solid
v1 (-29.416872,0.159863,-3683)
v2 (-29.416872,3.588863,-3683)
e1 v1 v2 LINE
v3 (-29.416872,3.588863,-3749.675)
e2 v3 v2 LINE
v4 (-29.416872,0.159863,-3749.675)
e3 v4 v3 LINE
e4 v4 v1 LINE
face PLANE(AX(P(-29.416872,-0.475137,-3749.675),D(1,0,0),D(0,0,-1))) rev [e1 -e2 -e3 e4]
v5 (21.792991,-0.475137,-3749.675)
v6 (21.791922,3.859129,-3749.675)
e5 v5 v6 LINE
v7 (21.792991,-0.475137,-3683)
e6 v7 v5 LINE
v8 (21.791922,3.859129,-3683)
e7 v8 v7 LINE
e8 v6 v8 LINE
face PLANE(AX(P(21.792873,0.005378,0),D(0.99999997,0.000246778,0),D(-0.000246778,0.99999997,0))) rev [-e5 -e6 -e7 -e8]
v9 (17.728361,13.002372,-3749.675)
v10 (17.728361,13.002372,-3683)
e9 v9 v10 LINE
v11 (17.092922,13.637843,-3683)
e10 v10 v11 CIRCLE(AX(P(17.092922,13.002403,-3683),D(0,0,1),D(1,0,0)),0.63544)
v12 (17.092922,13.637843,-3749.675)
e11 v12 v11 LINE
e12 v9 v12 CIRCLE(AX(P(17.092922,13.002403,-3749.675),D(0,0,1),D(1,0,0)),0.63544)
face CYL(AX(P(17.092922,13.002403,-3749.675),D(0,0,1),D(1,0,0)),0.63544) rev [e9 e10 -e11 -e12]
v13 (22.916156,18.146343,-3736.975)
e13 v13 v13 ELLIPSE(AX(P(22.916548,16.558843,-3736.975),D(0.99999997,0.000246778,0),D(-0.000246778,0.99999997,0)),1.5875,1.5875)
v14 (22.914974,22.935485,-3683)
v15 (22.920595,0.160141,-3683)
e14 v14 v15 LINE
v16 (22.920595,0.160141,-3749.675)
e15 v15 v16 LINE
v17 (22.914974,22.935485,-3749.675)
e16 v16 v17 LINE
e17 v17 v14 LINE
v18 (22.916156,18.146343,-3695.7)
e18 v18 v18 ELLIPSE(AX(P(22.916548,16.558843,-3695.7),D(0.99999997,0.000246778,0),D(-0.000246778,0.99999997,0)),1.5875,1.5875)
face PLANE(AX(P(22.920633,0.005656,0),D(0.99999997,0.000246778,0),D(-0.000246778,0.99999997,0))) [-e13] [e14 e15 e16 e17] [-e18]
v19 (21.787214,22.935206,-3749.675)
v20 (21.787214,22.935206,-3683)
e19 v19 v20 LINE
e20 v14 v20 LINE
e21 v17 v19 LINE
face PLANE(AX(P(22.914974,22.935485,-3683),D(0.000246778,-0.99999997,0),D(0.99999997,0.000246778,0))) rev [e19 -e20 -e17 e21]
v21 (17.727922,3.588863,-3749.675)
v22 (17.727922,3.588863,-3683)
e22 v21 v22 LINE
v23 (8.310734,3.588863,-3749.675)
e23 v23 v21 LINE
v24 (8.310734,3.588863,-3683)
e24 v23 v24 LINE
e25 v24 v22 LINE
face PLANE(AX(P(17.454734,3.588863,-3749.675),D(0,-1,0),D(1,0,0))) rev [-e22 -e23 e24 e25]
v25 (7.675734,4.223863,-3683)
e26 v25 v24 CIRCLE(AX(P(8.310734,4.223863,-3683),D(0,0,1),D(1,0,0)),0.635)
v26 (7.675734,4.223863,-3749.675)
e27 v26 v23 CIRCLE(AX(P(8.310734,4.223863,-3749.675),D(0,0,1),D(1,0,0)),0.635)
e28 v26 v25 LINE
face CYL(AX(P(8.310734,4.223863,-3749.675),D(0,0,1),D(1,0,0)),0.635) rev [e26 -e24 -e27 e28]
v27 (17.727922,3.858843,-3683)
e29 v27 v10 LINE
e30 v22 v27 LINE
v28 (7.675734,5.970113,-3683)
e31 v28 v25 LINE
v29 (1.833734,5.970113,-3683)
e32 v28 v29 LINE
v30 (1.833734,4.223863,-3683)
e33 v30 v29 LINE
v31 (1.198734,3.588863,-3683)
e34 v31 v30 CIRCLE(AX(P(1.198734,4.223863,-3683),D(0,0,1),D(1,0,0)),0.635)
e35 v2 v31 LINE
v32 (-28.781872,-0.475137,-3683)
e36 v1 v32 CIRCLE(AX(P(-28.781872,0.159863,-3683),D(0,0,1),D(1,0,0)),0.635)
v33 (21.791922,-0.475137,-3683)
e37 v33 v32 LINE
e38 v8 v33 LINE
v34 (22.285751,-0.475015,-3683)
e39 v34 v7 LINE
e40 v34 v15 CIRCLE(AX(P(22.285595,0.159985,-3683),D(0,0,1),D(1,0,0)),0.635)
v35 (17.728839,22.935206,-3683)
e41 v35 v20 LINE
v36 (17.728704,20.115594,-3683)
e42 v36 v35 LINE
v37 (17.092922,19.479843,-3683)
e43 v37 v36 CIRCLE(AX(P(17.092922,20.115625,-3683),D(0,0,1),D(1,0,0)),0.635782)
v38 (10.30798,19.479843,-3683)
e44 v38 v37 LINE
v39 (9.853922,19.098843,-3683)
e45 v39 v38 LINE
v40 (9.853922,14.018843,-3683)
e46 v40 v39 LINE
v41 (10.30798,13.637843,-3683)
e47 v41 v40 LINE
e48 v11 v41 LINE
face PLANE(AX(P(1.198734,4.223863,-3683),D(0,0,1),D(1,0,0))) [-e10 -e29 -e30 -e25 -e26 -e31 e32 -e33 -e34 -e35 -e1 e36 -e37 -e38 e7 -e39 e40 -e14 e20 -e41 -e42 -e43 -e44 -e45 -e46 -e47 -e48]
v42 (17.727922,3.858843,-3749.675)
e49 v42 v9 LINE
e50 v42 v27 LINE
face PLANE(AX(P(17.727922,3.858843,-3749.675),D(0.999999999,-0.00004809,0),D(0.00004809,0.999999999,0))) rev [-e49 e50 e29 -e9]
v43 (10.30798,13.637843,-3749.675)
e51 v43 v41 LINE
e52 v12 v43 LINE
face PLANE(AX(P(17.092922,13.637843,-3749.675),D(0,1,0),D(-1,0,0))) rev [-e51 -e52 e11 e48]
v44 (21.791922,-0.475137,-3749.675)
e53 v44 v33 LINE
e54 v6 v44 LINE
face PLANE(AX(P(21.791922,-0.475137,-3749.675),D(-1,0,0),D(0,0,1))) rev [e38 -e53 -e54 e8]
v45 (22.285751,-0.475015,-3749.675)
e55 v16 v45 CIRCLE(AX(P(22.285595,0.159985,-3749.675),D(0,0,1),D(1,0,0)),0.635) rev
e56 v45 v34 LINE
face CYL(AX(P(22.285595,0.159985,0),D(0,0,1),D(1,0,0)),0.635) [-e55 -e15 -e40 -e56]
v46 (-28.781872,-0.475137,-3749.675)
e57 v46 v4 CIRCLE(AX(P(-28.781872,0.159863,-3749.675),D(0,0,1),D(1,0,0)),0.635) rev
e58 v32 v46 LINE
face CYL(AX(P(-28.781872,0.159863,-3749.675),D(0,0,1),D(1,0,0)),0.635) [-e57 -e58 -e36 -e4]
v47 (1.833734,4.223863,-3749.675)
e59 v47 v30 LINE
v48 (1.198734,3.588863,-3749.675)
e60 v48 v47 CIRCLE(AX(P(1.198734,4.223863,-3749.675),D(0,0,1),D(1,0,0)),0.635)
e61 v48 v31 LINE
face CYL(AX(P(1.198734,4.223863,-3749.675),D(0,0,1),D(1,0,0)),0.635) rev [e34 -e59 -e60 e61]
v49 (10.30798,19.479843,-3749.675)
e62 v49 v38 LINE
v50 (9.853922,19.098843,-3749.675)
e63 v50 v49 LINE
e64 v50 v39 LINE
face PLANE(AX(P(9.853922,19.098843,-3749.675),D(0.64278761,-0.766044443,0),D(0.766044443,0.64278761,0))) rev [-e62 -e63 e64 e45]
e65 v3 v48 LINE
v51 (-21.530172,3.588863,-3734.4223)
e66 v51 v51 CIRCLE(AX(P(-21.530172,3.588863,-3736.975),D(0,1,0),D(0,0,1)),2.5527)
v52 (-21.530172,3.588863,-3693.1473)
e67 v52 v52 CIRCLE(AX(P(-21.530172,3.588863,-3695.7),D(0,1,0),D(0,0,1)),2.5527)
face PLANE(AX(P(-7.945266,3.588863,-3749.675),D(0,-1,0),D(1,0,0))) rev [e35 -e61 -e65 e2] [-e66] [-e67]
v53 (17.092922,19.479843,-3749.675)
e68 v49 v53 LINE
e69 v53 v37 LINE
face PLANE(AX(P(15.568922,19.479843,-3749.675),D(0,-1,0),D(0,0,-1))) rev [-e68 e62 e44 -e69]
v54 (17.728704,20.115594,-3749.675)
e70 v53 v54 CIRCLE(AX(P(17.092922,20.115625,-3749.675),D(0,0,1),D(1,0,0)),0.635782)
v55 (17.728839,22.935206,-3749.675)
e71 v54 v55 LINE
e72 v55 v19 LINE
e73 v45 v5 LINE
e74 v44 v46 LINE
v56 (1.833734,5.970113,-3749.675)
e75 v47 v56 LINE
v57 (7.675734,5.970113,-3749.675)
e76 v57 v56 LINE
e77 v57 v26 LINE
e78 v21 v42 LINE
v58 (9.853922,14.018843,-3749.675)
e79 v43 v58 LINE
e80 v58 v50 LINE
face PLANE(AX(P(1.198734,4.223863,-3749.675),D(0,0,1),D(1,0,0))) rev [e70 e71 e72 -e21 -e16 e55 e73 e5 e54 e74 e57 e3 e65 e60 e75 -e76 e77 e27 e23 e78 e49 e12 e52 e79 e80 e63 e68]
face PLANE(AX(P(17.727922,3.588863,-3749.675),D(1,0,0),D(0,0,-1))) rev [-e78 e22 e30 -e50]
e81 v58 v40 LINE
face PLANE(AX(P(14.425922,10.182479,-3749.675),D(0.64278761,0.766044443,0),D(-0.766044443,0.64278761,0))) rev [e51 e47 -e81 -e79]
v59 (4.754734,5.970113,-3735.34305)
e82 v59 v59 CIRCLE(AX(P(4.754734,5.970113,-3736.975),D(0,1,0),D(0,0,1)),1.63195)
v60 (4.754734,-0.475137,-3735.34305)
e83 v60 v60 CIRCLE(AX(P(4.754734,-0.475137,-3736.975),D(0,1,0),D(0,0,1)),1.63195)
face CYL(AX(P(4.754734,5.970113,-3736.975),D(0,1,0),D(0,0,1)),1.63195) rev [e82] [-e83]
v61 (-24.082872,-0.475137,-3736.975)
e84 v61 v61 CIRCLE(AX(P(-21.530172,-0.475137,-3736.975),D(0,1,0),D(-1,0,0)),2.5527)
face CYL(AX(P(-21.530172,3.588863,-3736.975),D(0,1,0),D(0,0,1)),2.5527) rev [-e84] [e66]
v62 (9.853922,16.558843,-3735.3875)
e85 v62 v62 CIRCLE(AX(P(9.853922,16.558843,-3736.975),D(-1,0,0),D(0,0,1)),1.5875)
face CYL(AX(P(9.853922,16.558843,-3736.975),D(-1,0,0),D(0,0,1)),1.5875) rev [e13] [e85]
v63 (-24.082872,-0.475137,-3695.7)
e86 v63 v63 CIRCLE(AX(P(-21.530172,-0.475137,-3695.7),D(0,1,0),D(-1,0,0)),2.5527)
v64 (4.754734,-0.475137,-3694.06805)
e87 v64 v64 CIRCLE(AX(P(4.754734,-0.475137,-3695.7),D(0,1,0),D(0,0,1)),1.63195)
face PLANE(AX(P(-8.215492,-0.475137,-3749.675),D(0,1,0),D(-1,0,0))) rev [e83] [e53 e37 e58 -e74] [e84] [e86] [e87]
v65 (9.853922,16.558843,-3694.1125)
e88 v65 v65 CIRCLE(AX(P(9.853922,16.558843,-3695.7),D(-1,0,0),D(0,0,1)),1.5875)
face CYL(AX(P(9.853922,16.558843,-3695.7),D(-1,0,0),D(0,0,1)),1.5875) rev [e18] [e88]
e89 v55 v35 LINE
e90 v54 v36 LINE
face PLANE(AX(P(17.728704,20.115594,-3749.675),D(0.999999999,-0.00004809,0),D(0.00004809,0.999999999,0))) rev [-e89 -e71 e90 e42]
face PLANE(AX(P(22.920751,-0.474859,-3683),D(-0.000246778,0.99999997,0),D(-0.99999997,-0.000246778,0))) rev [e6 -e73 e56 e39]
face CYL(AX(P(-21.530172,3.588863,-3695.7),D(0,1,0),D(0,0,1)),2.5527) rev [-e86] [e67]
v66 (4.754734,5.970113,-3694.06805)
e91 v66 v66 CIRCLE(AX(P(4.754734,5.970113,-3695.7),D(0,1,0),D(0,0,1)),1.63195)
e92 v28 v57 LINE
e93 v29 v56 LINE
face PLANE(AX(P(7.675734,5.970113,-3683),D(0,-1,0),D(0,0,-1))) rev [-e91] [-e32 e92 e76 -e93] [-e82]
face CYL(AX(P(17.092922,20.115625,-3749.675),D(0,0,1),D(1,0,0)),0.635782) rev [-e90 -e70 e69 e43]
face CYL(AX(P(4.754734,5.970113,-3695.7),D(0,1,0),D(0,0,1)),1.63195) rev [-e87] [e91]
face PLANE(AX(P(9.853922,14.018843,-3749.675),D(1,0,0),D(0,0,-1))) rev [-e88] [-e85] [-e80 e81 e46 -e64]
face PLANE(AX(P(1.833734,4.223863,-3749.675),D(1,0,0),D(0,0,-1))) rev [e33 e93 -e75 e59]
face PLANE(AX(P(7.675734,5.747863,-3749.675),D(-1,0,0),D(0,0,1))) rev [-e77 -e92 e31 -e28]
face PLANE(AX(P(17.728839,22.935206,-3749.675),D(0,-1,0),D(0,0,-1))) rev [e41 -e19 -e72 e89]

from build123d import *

# Parameters (mm, degrees)
BOSS_EXTRUDE1_DEPTH        = 66.675
CUT_EXTRUDE1_REACH         = 75.8
CUT_EXTRUDE2_REACH         = 75.8
SKETCH6_W                  = 66.675
SKETCH6_H                  = 4.064
BOSS_EXTRUDE2_DEPTH        = 22.21738
F_10_CLEARANCE_HOLE1_D     = 5.1054
SKETCH12_W                 = 5.842
SKETCH12_H                 = 5.49275
CUT_EXTRUDE4_DEPTH         = 77.796738301
F_4_CLEARANCE_HOLE1_D      = 3.2639
SKETCH19_W                 = 66.675
SKETCH19_H                 = 23.410344024
BOSS_EXTRUDE7_DEPTH        = 1.12776
F_1_8_0_1250_DOWEL_HOLE1_D = 3.175
SKETCH20_W                 = 1.016
SKETCH20_H                 = 4.064
CUT_EXTRUDE5_DEPTH         = 77.796821417
FILLET1_R                  = 0.635


with BuildPart() as part:
    # Sketch1 → Boss-Extrude1 (new body)
    with BuildSketch(Plane(origin=(0, 0, -3683), x_dir=(-1, 0, 0), z_dir=(0, 0, -1))):
        with BuildLine():
            Line((7.945265893, 3.588862728), (-1.198734107, 3.588862728))
            ThreePointArc((-1.198734107, 3.588862728), (-1.647746913, 3.774849922), (-1.833734107, 4.223862728))
            Line((-1.833734107, 4.223862728), (-1.833734107, 5.747862728))
            ThreePointArc((-1.833734107, 5.747862728), (-1.647746913, 6.196875535), (-1.198734107, 6.382862728))
            Line((-1.198734107, 6.382862728), (1.621629442, 6.382862728))
            Line((1.621629442, 6.382862728), (1.621629442, 6.890862686))
            Line((1.621629442, 6.890862686), (-2.214734107, 11.462862728))
            Line((-2.214734107, 11.462862728), (-7.294734107, 11.462862728))
            Line((-7.294734107, 11.462862728), (-11.131097656, 6.890862686))
            Line((-11.131097656, 6.890862686), (-11.131097656, 6.382862728))
            Line((-11.131097656, 6.382862728), (-8.310734107, 6.382862728))
            ThreePointArc((-8.310734107, 6.382862728), (-7.861721301, 6.196875535), (-7.675734107, 5.747862728))
            Line((-7.675734107, 5.747862728), (-7.675734107, 4.223862728))
            ThreePointArc((-7.675734107, 4.223862728), (-7.861721301, 3.774849922), (-8.310734107, 3.588862728))
            Line((-8.310734107, 3.588862728), (-17.454734107, 3.588862728))
            Line((-17.454734107, 3.588862728), (-17.727921752, 3.588862728))
            Line((-17.727921752, 3.588862728), (-17.727921752, 3.858842754))
            Line((-17.727921752, 3.858842754), (-17.728361466, 13.002372481))
            ThreePointArc((-17.728361466, 13.002372481), (-17.542256287, 13.451715967), (-17.092921752, 13.637842754))
            Line((-17.092921752, 13.637842754), (-15.568921752, 13.637842754))
            ThreePointArc((-15.568921752, 13.637842754), (-15.119908946, 13.45185556), (-14.933921752, 13.002842754))
            Line((-14.933921752, 13.002842754), (-14.933921752, 10.182479205))
            Line((-14.933921752, 10.182479205), (-14.425921794, 10.182479205))
            Line((-14.425921794, 10.182479205), (-9.853921752, 14.018842754))
            Line((-9.853921752, 14.018842754), (-9.853921752, 19.098842754))
            Line((-9.853921752, 19.098842754), (-14.425921794, 22.935206303))
            Line((-14.425921794, 22.935206303), (-14.933921752, 22.935206303))
            Line((-14.933921752, 22.935206303), (-14.933921752, 20.114842754))
            ThreePointArc((-14.933921752, 20.114842754), (-15.119908946, 19.665829948), (-15.568921752, 19.479842754))
            Line((-15.568921752, 19.479842754), (-17.092921752, 19.479842754))
            ThreePointArc((-17.092921752, 19.479842754), (-17.542476558, 19.66604812), (-17.728703542, 20.11559397))
            Line((-17.728703542, 20.11559397), (-17.728839138, 22.935206303))
            Line((-17.728839138, 22.935206303), (-21.787214199, 22.935206303))
            Line((-21.787214199, 22.935206303), (-21.791921752, 3.859128788))
            Line((-21.791921752, 3.859128788), (-21.791921752, 3.588862728))
            Line((-21.791921752, 3.588862728), (-21.791921752, -0.475137272))
            Line((-21.791921752, -0.475137272), (-17.727921752, -0.475137272))
            Line((-17.727921752, -0.475137272), (-17.454774021, -0.475137272))
            Line((-17.454774021, -0.475137272), (7.945225979, -0.475137272))
            Line((7.945225979, -0.475137272), (8.215492039, -0.475137272))
            Line((8.215492039, -0.475137272), (8.215492039, 3.588862728))
            Line((8.215492039, 3.588862728), (7.945265893, 3.588862728))
        make_face()
    extrude(amount=BOSS_EXTRUDE1_DEPTH)

    # Sketch2 → Cut-Extrude1 (cut, up to next)
    with BuildSketch(Plane.XY.offset(-3683), mode=Mode.PRIVATE) as cut_extrude1_sk1:
        with BuildLine():
            Line((11.131097656, 6.890862686), (11.131097656, 6.382862728))
            Line((11.131097656, 6.382862728), (8.310734107, 6.382862728))
            ThreePointArc((8.310734107, 6.382862728), (7.861721301, 6.196875535), (7.675734107, 5.747862728))
            Line((7.675734107, 5.747862728), (7.675734107, 11.00880461))
            Line((7.675734107, 11.00880461), (11.131097656, 6.890862686))
        make_face()
    cut_extrude1_tool1 = extrude(cut_extrude1_sk1.sketch, amount=-CUT_EXTRUDE1_REACH, mode=Mode.PRIVATE) & part.part
    # Sketch2 → Cut-Extrude1 (cut, up to next)
    with BuildSketch(Plane.XY.offset(-3683), mode=Mode.PRIVATE) as cut_extrude1_sk2:
        with BuildLine():
            Line((1.833734107, 5.747862728), (1.833734107, 11.00880461))
            Line((1.833734107, 11.00880461), (-1.621629442, 6.890862686))
            Line((-1.621629442, 6.890862686), (-1.621629442, 6.382862728))
            Line((-1.621629442, 6.382862728), (1.198734107, 6.382862728))
            ThreePointArc((1.198734107, 6.382862728), (1.647746913, 6.196875535), (1.833734107, 5.747862728))
        make_face()
    cut_extrude1_tool2 = extrude(cut_extrude1_sk2.sketch, amount=-CUT_EXTRUDE1_REACH, mode=Mode.PRIVATE) & part.part
    add(cut_extrude1_tool1.solids().sort_by_distance((8.930632, 7.925168, -3683))[0], mode=Mode.SUBTRACT)
    add(cut_extrude1_tool2.solids().sort_by_distance((0.578837, 7.925168, -3683))[0], mode=Mode.SUBTRACT)

    # Sketch3 → Cut-Extrude2 (cut, up to next)
    with BuildSketch(Plane.XY.offset(-3683), mode=Mode.PRIVATE) as cut_extrude2_sk1:
        with BuildLine():
            Line((15.568921752, 19.479842754), (10.307979871, 19.479842754))
            Line((10.307979871, 19.479842754), (14.425921794, 22.935206303))
            Line((14.425921794, 22.935206303), (14.933921752, 22.935206303))
            Line((14.933921752, 22.935206303), (14.933921752, 20.114842754))
            ThreePointArc((14.933921752, 20.114842754), (15.119908946, 19.665829948), (15.568921752, 19.479842754))
        make_face()
    cut_extrude2_tool1 = extrude(cut_extrude2_sk1.sketch, amount=-CUT_EXTRUDE2_REACH, mode=Mode.PRIVATE) & part.part
    # Sketch3 → Cut-Extrude2 (cut, up to next)
    with BuildSketch(Plane.XY.offset(-3683), mode=Mode.PRIVATE) as cut_extrude2_sk2:
        with BuildLine():
            Line((10.307979871, 13.637842754), (14.425921794, 10.182479205))
            Line((14.425921794, 10.182479205), (14.933921752, 10.182479205))
            Line((14.933921752, 10.182479205), (14.933921752, 13.002842754))
            ThreePointArc((14.933921752, 13.002842754), (15.119908946, 13.45185556), (15.568921752, 13.637842754))
            Line((15.568921752, 13.637842754), (10.307979871, 13.637842754))
        make_face()
    cut_extrude2_tool2 = extrude(cut_extrude2_sk2.sketch, amount=-CUT_EXTRUDE2_REACH, mode=Mode.PRIVATE) & part.part
    add(cut_extrude2_tool1.solids().sort_by_distance((13.391616, 20.73474, -3683))[0], mode=Mode.SUBTRACT)
    add(cut_extrude2_tool2.solids().sort_by_distance((13.391616, 12.382945, -3683))[0], mode=Mode.SUBTRACT)

    # Sketch6 → Boss-Extrude2 (add)
    with BuildSketch(Plane.ZY.offset(8.215492039)):
        with Locations((-3716.3375, 1.556862728)):
            Rectangle(SKETCH6_W, SKETCH6_H)
    extrude(amount=BOSS_EXTRUDE2_DEPTH)

    # #10 Clearance Hole1 (through all)
    with Locations(Plane(origin=(0, 3.588862728, 0), x_dir=(1, 0, 0), z_dir=(0, 1, 0))):
        with Locations((-21.530172039, 3736.975), (-21.530172039, 3695.7)):
            Hole(F_10_CLEARANCE_HOLE1_D / 2)

    # Sketch12 → Cut-Extrude4 (cut, through all)
    with BuildSketch(Plane(origin=(0, 0, -3749.675), x_dir=(-1, 0, 0), z_dir=(0, 0, -1))):
        with Locations((-4.754734107, 8.716487728)):
            Rectangle(SKETCH12_W, SKETCH12_H)
    extrude(amount=-CUT_EXTRUDE4_DEPTH, mode=Mode.SUBTRACT)

    # #4 Clearance Hole1 (through all)
    with Locations(Plane(origin=(0, 5.970112728, 0), x_dir=(1, 0, 0), z_dir=(0, 1, 0))):
        with Locations((4.754734107, 3736.975), (4.754734107, 3695.7)):
            Hole(F_4_CLEARANCE_HOLE1_D / 2)

    # Sketch19 → Boss-Extrude7 (add)
    with BuildSketch(Plane(origin=(21.792872772, 0.005377998, 0), x_dir=(0, 0, -1), z_dir=(0.9999999695503556, 0.0002467778108309542, 0))):
        with Locations((3716.3375, 11.224656992)):
            Rectangle(SKETCH19_W, SKETCH19_H)
    extrude(amount=BOSS_EXTRUDE7_DEPTH)

    # 1/8 (0.1250) Dowel Hole1 (through all)
    with Locations(Plane.ZY.offset(-9.853921752)):
        with Locations((-3736.975, 16.558842754), (-3695.7, 16.558842754)):
            Hole(F_1_8_0_1250_DOWEL_HOLE1_D / 2)

    # Sketch20 → Cut-Extrude5 (cut, through all)
    with BuildSketch(Plane.XY.offset(-3683)):
        with Locations((-29.924872039, 1.556862728)):
            Rectangle(SKETCH20_W, SKETCH20_H)
    extrude(amount=-CUT_EXTRUDE5_DEPTH, mode=Mode.SUBTRACT)

    # Fillet1
    fillet1_edges = [part.edges().sort_by_distance(p)[0] for p in [
        (22.920751318, -0.474858701, -3716.3375),
        (-29.416872039, -0.475137272, -3716.3375),
    ]]
    fillet(fillet1_edges, radius=FILLET1_R)


solid = part.part
